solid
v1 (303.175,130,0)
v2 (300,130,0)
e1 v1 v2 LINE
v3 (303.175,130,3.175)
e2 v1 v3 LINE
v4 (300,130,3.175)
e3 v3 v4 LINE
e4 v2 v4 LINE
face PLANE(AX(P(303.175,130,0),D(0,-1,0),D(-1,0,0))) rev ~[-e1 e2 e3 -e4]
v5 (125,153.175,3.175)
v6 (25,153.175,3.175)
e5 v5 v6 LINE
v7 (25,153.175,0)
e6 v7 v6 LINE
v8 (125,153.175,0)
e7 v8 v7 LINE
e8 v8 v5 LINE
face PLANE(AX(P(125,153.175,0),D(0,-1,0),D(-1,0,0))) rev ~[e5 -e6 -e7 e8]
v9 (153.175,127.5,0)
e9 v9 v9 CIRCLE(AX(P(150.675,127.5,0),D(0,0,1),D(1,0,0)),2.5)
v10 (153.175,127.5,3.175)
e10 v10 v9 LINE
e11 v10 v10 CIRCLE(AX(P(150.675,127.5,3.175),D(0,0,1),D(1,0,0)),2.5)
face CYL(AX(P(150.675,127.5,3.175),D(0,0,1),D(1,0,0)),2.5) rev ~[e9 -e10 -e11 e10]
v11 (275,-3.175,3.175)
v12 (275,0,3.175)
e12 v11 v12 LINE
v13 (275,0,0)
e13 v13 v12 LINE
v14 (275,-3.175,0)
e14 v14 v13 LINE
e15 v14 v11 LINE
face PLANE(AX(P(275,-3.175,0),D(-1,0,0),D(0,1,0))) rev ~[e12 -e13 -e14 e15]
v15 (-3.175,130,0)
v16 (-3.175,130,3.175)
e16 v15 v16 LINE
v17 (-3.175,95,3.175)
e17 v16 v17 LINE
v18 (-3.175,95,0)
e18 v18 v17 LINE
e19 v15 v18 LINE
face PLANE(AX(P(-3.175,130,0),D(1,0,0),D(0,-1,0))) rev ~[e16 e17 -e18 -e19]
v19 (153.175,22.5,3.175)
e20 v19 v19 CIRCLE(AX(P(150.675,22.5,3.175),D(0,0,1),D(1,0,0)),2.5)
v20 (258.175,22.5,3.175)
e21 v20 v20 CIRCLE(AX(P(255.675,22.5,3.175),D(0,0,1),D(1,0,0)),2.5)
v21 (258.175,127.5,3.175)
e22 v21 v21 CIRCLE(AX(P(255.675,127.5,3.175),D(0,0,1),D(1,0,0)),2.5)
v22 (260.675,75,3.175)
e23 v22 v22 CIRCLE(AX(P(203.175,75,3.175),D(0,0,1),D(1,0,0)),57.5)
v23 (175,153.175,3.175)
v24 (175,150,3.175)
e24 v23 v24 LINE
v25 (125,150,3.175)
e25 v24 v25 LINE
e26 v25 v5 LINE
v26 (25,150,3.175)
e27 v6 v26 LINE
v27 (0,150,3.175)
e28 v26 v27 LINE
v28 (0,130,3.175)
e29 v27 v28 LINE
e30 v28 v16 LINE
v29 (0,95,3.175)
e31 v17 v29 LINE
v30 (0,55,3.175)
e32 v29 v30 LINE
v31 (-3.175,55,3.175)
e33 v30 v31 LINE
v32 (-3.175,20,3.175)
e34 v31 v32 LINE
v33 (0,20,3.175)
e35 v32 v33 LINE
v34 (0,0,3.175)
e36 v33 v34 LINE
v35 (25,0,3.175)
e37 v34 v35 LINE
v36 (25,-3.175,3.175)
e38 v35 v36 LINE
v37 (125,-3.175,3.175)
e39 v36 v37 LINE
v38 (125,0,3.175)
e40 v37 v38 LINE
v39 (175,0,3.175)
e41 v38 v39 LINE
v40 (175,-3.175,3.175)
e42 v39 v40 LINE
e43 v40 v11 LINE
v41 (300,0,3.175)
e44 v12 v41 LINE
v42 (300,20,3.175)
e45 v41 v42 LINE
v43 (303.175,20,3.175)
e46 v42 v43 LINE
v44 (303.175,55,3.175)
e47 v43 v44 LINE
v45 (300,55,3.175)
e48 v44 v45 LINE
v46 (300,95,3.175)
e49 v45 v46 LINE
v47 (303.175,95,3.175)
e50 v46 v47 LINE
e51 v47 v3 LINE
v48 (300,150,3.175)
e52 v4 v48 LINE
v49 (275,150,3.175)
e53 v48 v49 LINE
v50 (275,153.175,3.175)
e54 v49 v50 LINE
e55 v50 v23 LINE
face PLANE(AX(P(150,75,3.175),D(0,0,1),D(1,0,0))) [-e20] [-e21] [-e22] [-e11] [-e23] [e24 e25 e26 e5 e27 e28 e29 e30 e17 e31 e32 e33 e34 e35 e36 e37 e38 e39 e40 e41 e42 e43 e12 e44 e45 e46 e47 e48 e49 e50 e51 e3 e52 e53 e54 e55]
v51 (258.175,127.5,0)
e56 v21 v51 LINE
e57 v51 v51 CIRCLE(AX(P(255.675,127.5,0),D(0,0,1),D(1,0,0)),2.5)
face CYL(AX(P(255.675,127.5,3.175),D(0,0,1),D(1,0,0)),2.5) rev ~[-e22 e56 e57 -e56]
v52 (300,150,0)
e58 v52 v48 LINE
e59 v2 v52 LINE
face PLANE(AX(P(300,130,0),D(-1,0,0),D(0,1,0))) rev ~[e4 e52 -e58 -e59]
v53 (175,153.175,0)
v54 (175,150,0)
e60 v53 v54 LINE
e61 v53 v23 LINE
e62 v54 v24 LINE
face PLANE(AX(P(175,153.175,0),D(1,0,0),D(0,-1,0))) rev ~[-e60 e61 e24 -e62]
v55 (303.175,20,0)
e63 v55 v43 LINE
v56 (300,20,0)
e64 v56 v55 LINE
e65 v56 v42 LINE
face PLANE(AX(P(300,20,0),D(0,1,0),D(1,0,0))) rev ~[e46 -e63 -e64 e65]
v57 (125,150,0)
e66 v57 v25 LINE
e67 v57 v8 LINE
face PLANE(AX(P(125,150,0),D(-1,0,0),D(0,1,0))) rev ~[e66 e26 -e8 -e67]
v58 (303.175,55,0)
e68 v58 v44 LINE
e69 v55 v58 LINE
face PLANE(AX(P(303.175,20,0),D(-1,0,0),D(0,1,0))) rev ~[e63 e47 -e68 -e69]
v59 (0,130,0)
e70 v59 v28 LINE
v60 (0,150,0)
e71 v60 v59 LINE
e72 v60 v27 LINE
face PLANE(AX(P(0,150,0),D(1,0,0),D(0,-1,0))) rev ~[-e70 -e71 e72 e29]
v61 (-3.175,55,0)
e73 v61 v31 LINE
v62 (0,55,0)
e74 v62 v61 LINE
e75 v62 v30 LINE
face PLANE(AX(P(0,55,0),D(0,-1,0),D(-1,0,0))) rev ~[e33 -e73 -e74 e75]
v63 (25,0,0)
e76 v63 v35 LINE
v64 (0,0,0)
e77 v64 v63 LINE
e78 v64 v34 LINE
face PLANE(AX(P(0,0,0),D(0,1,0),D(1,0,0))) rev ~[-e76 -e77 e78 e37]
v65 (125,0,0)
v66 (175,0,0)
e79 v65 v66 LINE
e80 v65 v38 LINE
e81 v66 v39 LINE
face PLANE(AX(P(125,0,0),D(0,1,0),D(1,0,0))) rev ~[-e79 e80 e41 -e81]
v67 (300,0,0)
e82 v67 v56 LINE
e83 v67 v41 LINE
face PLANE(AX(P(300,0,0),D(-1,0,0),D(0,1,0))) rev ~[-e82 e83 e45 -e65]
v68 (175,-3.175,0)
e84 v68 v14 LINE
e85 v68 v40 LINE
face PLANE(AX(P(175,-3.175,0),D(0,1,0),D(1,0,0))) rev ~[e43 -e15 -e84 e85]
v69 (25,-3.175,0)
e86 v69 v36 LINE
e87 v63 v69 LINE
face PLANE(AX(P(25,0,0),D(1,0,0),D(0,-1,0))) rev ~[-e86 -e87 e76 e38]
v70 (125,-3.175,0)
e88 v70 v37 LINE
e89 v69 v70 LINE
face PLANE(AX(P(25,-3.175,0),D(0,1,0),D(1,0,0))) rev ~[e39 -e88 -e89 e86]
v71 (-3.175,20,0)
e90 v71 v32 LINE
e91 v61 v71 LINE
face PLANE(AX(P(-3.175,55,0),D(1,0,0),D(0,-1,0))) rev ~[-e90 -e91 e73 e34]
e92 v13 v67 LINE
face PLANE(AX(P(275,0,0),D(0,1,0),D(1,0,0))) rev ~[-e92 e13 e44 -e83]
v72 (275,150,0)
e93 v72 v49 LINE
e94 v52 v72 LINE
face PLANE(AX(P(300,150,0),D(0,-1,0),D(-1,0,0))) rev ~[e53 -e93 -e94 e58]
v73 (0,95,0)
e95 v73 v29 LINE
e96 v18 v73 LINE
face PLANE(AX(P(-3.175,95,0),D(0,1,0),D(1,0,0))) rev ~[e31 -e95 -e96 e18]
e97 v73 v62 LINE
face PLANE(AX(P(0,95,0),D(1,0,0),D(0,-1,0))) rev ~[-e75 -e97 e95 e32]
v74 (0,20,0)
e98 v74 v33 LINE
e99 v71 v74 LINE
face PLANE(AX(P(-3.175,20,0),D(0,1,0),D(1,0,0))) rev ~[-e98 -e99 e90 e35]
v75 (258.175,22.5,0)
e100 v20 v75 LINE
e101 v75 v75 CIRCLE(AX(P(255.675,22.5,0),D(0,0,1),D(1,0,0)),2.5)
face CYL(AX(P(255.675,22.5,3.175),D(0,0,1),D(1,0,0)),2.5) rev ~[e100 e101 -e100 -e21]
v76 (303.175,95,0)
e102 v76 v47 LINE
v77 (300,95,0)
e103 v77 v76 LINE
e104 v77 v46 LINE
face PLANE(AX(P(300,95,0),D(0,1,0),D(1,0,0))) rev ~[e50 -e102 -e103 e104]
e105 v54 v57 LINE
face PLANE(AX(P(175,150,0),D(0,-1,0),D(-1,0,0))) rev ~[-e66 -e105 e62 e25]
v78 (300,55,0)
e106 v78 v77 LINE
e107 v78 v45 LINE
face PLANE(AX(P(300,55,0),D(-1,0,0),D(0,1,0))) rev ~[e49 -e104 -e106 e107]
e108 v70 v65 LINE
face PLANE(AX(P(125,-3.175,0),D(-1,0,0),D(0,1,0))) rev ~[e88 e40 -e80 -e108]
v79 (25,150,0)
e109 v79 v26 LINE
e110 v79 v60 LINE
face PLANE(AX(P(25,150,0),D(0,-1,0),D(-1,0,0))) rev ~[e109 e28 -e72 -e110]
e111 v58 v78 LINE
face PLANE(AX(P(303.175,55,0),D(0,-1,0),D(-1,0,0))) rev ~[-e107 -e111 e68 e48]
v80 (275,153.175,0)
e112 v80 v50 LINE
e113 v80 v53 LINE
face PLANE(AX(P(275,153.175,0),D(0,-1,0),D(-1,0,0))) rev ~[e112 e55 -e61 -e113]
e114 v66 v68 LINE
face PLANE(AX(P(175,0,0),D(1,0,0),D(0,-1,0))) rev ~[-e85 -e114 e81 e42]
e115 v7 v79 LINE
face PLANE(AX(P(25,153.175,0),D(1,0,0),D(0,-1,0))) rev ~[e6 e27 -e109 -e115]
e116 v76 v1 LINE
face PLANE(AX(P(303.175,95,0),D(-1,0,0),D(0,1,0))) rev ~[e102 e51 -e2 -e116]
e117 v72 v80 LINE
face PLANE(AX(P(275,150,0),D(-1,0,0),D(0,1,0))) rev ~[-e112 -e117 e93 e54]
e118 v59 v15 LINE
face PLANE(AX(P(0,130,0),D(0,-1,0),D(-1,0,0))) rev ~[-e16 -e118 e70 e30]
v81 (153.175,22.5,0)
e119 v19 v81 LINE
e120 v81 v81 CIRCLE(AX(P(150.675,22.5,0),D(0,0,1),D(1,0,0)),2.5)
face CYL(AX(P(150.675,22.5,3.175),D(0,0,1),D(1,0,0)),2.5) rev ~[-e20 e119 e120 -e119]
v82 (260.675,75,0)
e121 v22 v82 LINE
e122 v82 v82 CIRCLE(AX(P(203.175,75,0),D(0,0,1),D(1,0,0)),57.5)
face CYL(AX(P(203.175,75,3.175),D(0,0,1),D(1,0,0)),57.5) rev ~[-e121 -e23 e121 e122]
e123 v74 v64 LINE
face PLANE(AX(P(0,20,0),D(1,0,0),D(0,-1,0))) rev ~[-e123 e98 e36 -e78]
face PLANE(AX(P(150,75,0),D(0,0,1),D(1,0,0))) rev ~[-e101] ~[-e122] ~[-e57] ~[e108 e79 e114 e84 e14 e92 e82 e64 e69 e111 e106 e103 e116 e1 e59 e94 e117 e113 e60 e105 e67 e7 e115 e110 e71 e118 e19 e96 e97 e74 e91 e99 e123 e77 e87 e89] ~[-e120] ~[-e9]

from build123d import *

# Parameters (mm, degrees)
F1_DEPTH = 3.175
F2_R     = 57.5
F2_R_2   = 2.5
F3_DEPTH = 3.176


with BuildPart() as f1:
    # F0 (on Top) → F1 (new body)
    with BuildSketch(Plane.XY):
        Polygon((125, 0), (150, 0), (175, 0), (175, -3.175), (275, -3.175), (275, 0), (300, 0), (300, 20), (303.175, 20), (303.175, 55), (300, 55), (300, 95), (303.175, 95), (303.175, 130), (300, 130), (300, 150), (275, 150), (275, 153.175), (175, 153.175), (175, 150), (150, 150), (125, 150), (125, 153.175), (25, 153.175), (25, 150), (0, 150), (0, 130), (-3.175, 130), (-3.175, 95), (0, 95), (0, 55), (-3.175, 55), (-3.175, 20), (0, 20), (0, 0), (25, 0), (25, -3.175), (125, -3.175), align=None)
    extrude(amount=F1_DEPTH)

    # F2 (on face) → F3 (cut, through all)
    with BuildSketch(Plane.XY.offset(3.175)):
        with Locations((203.175, 75)):
            Circle(F2_R)
        with Locations((150.675, 127.5)):
            Circle(F2_R_2)
        with Locations((150.675, 22.5)):
            Circle(F2_R_2)
        with Locations((255.675, 127.5)):
            Circle(F2_R_2)
        with Locations((255.675, 22.5)):
            Circle(F2_R_2)
    extrude(amount=-F3_DEPTH, mode=Mode.SUBTRACT)


solid = f1.part
